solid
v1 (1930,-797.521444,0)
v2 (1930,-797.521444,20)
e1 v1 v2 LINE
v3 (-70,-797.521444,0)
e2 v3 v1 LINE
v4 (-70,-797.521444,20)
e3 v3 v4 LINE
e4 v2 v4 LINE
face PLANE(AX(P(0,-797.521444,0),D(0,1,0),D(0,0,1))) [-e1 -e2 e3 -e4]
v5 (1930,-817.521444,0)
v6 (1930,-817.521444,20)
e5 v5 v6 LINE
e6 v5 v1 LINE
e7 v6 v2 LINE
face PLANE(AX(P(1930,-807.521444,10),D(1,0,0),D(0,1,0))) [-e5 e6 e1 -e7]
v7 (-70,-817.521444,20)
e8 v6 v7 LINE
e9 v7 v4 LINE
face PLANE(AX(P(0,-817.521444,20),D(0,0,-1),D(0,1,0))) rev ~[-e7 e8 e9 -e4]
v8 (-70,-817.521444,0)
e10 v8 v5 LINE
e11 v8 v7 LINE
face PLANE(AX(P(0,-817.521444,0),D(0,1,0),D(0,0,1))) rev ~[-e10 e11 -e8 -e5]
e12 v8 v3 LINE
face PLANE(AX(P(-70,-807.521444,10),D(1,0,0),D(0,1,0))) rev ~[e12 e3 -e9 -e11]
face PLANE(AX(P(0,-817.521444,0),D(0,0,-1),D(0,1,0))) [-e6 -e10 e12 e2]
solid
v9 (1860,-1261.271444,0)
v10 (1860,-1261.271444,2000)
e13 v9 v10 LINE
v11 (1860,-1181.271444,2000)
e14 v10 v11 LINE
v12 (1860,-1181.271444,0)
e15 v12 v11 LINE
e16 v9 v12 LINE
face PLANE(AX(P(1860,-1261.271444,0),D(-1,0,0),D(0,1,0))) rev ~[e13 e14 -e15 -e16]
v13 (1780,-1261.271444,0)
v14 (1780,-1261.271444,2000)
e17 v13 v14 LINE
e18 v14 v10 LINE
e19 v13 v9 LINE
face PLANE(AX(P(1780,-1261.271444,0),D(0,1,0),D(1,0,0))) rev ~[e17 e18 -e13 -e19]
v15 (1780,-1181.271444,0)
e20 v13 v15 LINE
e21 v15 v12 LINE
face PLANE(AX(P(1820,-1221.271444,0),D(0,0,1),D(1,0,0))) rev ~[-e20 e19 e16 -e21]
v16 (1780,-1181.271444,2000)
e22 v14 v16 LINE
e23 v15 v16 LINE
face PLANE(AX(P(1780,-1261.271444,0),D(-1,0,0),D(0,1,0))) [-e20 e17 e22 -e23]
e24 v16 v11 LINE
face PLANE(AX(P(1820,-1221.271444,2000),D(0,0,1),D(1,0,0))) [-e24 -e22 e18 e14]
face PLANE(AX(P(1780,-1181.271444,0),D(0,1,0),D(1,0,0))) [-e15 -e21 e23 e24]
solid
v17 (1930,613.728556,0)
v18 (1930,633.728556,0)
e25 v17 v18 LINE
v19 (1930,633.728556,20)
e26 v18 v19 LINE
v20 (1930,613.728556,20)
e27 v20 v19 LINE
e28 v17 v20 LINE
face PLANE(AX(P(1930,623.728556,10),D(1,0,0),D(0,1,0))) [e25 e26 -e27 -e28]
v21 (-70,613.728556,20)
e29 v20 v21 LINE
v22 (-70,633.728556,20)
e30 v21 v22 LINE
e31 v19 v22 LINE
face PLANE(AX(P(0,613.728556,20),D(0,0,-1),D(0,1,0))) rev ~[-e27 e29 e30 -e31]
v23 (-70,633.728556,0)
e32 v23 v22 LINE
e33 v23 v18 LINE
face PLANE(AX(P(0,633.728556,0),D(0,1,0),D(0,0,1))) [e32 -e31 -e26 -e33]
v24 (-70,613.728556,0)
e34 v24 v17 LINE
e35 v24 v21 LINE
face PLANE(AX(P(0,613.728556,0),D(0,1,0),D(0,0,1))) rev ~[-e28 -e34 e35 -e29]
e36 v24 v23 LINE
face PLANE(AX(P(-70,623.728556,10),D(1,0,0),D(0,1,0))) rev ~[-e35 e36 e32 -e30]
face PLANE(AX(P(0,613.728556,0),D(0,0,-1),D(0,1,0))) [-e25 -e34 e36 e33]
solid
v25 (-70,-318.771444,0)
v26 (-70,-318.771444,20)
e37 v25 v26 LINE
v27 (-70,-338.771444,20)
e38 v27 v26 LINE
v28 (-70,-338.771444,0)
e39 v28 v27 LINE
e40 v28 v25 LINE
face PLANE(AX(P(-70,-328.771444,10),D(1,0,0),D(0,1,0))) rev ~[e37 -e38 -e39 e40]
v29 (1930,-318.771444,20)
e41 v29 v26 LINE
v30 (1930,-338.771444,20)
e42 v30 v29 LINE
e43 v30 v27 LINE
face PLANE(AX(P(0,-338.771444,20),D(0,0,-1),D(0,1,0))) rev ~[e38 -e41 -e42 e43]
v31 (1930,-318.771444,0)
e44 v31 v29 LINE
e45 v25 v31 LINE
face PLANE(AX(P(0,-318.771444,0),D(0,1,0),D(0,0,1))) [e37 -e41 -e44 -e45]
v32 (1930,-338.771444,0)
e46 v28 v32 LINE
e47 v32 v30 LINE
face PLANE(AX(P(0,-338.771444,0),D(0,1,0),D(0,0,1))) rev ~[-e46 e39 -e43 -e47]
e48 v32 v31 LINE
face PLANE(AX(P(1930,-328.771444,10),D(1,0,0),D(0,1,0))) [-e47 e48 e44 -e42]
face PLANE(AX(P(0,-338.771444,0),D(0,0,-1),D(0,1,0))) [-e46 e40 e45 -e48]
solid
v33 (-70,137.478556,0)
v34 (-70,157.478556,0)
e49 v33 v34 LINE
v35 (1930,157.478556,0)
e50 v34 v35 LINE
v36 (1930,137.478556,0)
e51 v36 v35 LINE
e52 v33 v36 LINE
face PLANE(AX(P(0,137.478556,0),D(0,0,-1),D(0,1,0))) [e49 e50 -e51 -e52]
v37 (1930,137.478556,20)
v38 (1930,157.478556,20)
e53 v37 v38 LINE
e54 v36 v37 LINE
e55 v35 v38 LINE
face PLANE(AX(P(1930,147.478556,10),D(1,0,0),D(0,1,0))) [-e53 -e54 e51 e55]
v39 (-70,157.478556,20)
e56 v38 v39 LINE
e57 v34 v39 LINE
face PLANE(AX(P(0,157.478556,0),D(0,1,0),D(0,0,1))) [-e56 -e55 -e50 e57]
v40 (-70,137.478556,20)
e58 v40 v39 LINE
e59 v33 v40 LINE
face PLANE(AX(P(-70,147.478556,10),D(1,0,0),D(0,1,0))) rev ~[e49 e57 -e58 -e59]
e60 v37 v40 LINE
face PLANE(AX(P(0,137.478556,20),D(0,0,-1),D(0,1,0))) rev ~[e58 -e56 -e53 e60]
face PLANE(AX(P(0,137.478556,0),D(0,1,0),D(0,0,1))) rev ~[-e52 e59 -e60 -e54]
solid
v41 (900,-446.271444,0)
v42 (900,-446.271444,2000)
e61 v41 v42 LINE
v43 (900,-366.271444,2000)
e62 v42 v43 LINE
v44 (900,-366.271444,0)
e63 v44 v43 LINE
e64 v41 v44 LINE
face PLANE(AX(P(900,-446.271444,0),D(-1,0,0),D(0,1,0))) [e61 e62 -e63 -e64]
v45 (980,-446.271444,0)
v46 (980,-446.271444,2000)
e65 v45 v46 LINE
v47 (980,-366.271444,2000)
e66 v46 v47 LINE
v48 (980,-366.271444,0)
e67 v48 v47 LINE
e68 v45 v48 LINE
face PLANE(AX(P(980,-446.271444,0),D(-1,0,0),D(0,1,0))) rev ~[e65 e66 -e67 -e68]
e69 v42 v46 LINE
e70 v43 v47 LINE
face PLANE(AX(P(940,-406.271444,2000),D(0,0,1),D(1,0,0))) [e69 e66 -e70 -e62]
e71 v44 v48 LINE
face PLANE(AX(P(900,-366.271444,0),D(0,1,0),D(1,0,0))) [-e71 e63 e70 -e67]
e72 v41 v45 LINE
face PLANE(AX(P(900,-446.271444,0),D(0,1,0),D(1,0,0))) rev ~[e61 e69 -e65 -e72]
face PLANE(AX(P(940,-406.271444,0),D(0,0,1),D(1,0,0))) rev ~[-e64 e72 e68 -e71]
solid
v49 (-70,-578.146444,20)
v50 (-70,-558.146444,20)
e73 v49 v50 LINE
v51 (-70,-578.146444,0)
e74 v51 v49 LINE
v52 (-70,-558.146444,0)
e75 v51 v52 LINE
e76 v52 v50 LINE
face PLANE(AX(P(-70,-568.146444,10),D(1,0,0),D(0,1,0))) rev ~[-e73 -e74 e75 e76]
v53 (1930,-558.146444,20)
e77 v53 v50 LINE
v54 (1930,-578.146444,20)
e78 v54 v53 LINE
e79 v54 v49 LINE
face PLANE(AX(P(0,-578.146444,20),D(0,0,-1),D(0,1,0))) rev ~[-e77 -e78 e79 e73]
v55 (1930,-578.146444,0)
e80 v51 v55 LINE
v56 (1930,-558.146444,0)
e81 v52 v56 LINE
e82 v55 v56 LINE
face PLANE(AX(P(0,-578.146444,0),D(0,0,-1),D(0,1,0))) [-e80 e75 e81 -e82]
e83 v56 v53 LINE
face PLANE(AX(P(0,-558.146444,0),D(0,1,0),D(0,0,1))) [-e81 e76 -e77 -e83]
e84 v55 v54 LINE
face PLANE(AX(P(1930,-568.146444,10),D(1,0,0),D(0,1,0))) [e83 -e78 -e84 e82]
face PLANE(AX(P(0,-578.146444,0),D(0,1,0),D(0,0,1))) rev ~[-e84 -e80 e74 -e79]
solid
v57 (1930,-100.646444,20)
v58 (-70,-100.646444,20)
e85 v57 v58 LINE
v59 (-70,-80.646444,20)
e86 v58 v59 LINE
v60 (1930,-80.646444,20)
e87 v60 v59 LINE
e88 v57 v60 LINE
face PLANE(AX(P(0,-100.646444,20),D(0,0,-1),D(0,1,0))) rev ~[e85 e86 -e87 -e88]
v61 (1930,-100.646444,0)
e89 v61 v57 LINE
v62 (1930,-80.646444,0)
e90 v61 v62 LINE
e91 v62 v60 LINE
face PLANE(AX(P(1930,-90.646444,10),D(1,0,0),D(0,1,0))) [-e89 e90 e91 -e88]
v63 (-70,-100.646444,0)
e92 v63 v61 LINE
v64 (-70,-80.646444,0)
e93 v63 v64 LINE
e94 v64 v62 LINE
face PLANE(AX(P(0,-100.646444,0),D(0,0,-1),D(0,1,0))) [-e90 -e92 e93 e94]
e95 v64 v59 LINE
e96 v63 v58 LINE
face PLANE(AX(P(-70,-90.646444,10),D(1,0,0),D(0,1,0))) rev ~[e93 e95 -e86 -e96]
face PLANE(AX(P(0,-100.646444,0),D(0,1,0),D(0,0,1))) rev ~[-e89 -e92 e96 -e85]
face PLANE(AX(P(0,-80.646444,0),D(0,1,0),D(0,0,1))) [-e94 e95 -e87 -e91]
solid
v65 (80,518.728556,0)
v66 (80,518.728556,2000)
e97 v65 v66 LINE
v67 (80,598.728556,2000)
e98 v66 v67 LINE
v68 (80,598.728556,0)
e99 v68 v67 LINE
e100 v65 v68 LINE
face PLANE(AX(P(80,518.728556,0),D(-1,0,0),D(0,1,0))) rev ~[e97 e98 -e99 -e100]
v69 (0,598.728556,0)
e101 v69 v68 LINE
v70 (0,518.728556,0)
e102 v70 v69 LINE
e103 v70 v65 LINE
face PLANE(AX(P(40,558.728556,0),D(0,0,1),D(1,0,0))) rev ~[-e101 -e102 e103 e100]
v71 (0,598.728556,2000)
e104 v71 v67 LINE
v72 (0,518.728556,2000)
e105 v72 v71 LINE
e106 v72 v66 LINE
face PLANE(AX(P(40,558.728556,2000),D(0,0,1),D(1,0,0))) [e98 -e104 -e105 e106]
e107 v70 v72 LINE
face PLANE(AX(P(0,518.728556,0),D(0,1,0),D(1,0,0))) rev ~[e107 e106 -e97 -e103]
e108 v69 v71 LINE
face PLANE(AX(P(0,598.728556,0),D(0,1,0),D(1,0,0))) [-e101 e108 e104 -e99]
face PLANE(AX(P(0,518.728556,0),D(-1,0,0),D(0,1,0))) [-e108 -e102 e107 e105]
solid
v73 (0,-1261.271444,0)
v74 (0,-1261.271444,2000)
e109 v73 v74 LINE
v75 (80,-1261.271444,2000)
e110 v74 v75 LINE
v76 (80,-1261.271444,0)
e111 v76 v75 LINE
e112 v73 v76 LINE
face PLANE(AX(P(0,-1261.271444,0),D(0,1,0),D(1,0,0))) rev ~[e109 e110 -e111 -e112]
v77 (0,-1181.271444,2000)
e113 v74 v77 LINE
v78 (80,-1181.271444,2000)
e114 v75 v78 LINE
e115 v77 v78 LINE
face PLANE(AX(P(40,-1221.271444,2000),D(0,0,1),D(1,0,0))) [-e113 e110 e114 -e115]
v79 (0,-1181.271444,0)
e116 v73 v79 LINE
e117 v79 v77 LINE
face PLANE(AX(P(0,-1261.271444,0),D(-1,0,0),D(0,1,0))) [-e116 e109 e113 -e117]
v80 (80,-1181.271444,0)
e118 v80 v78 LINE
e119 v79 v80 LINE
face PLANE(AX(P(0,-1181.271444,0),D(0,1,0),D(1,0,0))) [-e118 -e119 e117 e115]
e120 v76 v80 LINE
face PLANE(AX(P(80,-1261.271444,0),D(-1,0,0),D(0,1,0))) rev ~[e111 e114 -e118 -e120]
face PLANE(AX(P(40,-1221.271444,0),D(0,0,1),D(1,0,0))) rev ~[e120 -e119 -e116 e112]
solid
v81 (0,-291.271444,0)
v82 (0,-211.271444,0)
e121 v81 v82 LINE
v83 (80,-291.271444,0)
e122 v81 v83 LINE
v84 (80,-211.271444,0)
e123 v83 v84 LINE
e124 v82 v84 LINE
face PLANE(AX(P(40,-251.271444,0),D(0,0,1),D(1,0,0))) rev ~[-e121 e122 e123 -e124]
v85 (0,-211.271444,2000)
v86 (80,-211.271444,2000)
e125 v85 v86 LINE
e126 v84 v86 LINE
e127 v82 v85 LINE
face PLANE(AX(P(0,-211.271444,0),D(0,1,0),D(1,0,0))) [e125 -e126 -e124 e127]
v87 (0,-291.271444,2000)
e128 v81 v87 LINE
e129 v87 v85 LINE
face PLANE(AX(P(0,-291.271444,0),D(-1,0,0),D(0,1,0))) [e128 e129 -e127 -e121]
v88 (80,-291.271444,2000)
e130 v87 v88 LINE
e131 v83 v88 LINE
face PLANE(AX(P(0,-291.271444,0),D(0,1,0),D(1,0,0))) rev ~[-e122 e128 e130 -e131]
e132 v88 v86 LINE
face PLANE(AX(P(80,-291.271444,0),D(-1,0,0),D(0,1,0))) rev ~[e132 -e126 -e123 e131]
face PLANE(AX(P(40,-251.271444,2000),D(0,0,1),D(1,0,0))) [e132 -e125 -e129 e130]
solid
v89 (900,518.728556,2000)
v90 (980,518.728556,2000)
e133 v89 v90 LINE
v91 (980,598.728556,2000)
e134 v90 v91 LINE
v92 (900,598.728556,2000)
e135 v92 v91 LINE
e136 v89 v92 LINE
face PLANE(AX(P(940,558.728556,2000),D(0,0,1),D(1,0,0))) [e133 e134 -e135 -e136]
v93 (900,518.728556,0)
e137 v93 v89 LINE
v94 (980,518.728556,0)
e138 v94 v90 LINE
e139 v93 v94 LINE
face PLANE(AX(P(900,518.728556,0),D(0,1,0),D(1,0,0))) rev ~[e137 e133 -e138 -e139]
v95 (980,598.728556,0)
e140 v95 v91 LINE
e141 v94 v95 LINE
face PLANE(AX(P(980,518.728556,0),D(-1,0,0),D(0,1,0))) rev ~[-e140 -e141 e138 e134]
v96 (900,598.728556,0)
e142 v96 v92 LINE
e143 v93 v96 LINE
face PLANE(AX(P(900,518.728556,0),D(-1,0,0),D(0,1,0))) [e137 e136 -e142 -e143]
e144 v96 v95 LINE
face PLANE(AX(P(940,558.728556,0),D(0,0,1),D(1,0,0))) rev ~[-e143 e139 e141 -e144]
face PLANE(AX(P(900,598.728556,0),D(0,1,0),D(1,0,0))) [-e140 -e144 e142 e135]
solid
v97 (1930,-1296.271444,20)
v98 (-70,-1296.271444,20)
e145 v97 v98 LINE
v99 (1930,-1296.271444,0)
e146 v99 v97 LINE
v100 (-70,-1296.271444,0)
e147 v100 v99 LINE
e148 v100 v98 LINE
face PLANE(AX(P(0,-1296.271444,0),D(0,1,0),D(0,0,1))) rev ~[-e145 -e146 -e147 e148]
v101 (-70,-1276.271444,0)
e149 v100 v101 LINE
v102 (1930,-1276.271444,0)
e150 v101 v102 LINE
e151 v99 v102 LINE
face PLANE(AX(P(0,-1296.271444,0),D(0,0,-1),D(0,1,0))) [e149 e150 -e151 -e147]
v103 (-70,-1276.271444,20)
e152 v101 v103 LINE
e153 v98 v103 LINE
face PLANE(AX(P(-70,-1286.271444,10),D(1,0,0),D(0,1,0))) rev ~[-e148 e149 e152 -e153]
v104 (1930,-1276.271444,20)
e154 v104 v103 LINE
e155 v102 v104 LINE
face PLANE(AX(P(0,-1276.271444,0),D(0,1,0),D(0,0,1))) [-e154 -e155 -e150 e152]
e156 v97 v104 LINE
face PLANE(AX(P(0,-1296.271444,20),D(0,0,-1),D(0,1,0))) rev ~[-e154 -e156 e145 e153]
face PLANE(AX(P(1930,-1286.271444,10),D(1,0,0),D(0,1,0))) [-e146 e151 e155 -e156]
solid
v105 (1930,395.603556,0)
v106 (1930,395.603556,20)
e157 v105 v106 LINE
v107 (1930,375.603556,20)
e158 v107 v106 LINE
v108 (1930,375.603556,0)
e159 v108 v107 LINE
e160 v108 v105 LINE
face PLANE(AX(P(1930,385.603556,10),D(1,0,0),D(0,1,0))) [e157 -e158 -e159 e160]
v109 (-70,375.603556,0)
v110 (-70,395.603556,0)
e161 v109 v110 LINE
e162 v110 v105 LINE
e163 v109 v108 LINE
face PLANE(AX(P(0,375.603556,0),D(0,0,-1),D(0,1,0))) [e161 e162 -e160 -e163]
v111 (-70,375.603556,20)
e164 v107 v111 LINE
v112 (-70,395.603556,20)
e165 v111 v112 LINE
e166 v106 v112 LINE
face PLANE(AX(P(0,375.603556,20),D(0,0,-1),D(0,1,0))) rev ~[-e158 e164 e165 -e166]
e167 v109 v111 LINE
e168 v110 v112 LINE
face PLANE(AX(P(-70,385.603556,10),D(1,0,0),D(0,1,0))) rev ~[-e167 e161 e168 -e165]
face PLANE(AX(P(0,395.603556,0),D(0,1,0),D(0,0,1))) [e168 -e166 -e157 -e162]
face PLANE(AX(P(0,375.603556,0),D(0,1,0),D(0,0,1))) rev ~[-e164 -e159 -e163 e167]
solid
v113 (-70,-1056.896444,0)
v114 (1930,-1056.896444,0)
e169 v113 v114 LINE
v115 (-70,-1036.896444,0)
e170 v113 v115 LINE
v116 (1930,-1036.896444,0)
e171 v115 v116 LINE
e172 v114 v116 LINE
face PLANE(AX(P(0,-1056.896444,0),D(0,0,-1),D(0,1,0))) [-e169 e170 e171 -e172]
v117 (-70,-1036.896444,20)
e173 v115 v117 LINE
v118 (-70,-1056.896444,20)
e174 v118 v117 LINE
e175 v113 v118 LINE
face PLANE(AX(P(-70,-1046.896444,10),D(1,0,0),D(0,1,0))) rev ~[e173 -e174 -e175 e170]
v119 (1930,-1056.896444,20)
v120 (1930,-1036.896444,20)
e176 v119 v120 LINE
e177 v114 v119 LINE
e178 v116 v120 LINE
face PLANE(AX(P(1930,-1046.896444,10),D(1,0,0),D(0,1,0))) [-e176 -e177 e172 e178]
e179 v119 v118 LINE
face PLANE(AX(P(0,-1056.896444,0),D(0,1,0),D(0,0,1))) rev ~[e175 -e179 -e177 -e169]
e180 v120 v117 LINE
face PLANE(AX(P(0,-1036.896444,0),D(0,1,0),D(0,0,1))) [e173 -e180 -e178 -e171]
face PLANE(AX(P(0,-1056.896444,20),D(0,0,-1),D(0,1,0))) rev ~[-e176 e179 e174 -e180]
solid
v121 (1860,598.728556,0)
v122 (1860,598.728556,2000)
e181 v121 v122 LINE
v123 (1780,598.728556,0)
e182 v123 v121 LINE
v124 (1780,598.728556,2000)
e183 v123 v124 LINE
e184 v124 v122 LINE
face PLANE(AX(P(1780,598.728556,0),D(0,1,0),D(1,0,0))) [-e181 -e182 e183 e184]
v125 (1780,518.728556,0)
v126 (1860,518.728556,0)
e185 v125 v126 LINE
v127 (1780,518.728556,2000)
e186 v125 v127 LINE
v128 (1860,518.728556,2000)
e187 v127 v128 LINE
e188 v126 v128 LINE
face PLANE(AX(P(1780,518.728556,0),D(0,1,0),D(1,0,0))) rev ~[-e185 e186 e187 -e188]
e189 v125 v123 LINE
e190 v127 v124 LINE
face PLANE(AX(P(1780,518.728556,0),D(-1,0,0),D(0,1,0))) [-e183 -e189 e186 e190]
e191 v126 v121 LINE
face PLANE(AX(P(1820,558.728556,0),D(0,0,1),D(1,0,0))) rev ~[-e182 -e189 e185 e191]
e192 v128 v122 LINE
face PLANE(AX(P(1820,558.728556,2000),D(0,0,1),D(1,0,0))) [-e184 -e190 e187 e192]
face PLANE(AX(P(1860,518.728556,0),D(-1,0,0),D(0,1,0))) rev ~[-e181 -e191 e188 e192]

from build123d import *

# Parameters (mm, degrees)
F0_W          = 80
F0_H          = 80
F1_DEPTH      = 2000
F2_W          = 20
F2_H          = 20
F3_DEPTH      = 1930
F3_DEPTH_BACK = 70


with BuildPart() as f1:
    # F0 (on Top) → F1 (new body)
    with BuildSketch(Plane.XY):
        with Locations((940, 558.728556)):
            Rectangle(F0_W, F0_H)
        with Locations((40, 558.728556)):
            Rectangle(F0_W, F0_H)
        with Locations((40, -251.271444)):
            Rectangle(F0_W, F0_H)
        with Locations((40, -1221.271444)):
            Rectangle(F0_W, F0_H)
        with Locations((940, -406.271444)):
            Rectangle(F0_W, F0_H)
        with Locations((1820, 558.728556)):
            Rectangle(F0_W, F0_H)
        with Locations((1820, -1221.271444)):
            Rectangle(F0_W, F0_H)
    extrude(amount=F1_DEPTH)


with BuildPart() as f3:
    # F2 (on Right) → F3 (new body, two sides)
    with BuildSketch(Plane.YZ) as f3_sk:
        with Locations((-1286.271444, 10)):
            Rectangle(F2_W, F2_H)
        with Locations((-1046.896444, 10)):
            Rectangle(F2_W, F2_H)
        with Locations((-807.521444, 10)):
            Rectangle(F2_W, F2_H)
        with Locations((-568.146444, 10)):
            Rectangle(F2_W, F2_H)
        with Locations((-328.771444, 10)):
            Rectangle(F2_W, F2_H)
        with Locations((-90.646444, 10)):
            Rectangle(F2_W, F2_H)
        with Locations((147.478556, 10)):
            Rectangle(F2_W, F2_H)
        with Locations((385.603556, 10)):
            Rectangle(F2_W, F2_H)
        with Locations((623.728556, 10)):
            Rectangle(F2_W, F2_H)
    extrude(amount=F3_DEPTH)
    extrude(f3_sk.sketch, amount=-F3_DEPTH_BACK)


solid = Compound([f1.part, f3.part])
